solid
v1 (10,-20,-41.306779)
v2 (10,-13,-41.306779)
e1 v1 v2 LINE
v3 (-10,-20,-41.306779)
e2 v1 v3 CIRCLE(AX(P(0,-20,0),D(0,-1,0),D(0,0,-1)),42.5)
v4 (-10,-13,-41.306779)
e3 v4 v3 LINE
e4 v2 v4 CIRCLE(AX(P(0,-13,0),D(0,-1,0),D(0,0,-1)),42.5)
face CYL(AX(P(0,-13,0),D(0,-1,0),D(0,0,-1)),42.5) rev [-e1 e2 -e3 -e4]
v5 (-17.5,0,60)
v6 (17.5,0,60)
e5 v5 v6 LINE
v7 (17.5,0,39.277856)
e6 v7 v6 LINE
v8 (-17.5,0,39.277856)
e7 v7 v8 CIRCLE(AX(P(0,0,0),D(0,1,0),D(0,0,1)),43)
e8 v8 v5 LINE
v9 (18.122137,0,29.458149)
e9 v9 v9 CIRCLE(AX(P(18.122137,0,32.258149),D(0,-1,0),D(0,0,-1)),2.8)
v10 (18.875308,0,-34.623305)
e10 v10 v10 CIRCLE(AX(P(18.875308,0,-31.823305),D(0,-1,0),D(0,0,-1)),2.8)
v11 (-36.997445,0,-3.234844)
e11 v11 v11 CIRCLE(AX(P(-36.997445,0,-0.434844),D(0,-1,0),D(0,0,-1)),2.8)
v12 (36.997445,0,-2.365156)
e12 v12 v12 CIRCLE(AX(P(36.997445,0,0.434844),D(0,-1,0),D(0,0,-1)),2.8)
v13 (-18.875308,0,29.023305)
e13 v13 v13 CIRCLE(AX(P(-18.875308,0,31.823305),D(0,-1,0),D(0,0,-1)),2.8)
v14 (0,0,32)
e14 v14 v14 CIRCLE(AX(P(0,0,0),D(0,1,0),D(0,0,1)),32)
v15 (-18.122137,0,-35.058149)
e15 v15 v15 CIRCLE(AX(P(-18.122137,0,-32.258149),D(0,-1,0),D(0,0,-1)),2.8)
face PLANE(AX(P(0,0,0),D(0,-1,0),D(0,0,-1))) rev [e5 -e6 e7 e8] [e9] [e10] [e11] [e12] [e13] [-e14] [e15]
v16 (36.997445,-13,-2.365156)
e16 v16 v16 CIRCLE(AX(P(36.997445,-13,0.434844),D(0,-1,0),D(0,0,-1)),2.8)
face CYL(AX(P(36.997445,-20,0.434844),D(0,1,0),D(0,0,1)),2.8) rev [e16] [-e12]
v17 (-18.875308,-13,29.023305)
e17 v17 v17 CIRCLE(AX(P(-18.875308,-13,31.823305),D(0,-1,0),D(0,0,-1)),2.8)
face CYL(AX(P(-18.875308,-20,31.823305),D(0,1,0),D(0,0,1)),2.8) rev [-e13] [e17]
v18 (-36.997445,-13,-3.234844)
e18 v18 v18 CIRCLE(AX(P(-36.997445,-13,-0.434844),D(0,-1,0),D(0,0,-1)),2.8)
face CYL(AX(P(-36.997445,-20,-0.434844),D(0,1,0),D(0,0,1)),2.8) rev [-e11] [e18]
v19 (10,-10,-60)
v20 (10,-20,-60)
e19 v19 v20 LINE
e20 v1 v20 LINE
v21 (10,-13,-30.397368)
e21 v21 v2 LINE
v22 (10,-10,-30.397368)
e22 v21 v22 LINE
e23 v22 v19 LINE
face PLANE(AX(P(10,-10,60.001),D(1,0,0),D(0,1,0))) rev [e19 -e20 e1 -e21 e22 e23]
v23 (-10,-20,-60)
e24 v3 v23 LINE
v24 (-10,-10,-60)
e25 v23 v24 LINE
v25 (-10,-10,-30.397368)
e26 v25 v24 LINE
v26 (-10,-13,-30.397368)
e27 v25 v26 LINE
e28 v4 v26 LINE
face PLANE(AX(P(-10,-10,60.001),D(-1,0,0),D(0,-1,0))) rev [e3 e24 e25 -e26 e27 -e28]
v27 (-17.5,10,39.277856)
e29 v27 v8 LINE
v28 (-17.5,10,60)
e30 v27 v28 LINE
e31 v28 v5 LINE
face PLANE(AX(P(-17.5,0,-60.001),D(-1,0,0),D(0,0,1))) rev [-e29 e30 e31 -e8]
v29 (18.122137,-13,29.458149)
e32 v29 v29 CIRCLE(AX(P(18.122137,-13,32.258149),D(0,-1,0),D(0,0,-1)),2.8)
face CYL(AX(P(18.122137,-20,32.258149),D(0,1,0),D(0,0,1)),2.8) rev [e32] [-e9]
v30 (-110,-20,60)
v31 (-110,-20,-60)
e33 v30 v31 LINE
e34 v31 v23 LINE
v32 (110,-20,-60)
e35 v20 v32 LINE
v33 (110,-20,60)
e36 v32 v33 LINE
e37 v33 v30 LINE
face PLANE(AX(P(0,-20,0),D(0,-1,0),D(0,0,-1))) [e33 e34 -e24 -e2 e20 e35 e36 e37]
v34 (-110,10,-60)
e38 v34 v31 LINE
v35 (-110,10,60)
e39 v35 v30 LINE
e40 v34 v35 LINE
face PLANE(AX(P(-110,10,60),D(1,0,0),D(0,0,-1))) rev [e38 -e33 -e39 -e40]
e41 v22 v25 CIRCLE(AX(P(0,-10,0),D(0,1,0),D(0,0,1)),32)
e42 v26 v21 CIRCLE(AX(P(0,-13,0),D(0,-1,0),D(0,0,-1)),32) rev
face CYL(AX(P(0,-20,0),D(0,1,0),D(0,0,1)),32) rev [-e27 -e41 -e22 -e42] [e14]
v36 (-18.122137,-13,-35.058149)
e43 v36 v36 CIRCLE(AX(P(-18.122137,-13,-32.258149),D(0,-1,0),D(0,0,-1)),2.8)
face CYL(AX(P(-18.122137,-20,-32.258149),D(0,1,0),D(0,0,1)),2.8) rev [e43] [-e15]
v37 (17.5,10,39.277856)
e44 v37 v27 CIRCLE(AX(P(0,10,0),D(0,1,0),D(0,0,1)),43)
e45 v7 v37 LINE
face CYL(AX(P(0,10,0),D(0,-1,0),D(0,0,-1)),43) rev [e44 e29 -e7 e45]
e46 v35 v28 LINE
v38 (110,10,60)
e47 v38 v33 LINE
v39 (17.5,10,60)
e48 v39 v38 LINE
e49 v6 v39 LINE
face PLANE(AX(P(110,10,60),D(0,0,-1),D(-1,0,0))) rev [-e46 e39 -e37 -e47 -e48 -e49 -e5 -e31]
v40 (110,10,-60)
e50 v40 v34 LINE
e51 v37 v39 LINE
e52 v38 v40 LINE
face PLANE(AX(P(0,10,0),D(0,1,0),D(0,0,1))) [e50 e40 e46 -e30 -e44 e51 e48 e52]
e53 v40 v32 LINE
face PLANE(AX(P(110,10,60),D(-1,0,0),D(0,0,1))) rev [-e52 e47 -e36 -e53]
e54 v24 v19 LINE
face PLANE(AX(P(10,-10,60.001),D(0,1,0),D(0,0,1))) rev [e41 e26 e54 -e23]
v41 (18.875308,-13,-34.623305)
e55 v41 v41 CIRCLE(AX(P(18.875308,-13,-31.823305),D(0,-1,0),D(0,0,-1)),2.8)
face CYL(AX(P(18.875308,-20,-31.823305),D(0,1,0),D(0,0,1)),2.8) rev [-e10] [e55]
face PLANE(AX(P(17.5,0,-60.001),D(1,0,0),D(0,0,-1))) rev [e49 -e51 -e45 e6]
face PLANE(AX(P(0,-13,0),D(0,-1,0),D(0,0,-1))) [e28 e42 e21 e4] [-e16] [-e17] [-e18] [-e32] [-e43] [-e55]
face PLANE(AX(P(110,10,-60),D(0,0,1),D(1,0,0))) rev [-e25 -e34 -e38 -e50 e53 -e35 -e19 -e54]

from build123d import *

# Parameters (mm, degrees)
SKETCH1_W               = 220
SKETCH1_H               = 120
SKETCH1_R               = 43
BOSS_EXTRUDE1_DEPTH     = 10
SKETCH2_W               = 220
SKETCH2_H               = 120
SKETCH2_R               = 2.8
BOSS_EXTRUDE2_DEPTH     = 20
CUT_EXTRUDE1_REACH      = 166.012
CUT_EXTRUDE1_END_RADIUS = 43
SKETCH3_W               = 35
SKETCH3_H               = 10
SKETCH4_R               = 32
CUT_EXTRUDE2_DEPTH      = 127.885775404
CUT_EXTRUDE3_REACH      = 166.012
CUT_EXTRUDE3_END_RADIUS = 32
SKETCH5_W               = 20
SKETCH5_H               = 10
SKETCH6_R               = 42.5
CUT_EXTRUDE4_DEPTH      = 7


with BuildPart() as part:
    # Sketch1 → Boss-Extrude1 (new body)
    with BuildSketch(Plane(origin=(0, 0, 0), x_dir=(1, 0, 0), z_dir=(0, 1, 0))):
        Rectangle(SKETCH1_W, SKETCH1_H)
        with Locations(Location((0, 0, 0), (0, 0, 270))):
            Circle(SKETCH1_R, mode=Mode.SUBTRACT)
    extrude(amount=BOSS_EXTRUDE1_DEPTH)

    # Sketch2 → Boss-Extrude2 (add)
    with BuildSketch(Plane.XZ):
        Rectangle(SKETCH2_W, SKETCH2_H)
        with Locations(Location((18.122136771, 32.25814872, 0), (0, 0, 270))):
            Circle(SKETCH2_R, mode=Mode.SUBTRACT)
        with Locations(Location((36.997444656, 0.434843546, 0), (0, 0, 270))):
            Circle(SKETCH2_R, mode=Mode.SUBTRACT)
        with Locations(Location((18.875307886, -31.823305174, 0), (0, 0, 270))):
            Circle(SKETCH2_R, mode=Mode.SUBTRACT)
        with Locations(Location((-18.122136771, -32.25814872, 0), (0, 0, 270))):
            Circle(SKETCH2_R, mode=Mode.SUBTRACT)
        with Locations(Location((-36.997444656, -0.434843546, 0), (0, 0, 270))):
            Circle(SKETCH2_R, mode=Mode.SUBTRACT)
        with Locations(Location((-18.875307886, 31.823305174, 0), (0, 0, 270))):
            Circle(SKETCH2_R, mode=Mode.SUBTRACT)
    extrude(amount=BOSS_EXTRUDE2_DEPTH)

    # Cut-Extrude1: up to this cylinder (the profile starts outside it)
    cut_extrude1_end = Plane(origin=(0, 5, 0), z_dir=(0, -1, 0)) * Cylinder(CUT_EXTRUDE1_END_RADIUS, 419.024, mode=Mode.PRIVATE)
    # Sketch3 → Cut-Extrude1 (cut, up to the surface)
    with BuildSketch(Plane.XY.offset(60), mode=Mode.PRIVATE) as cut_extrude1_sk1:
        with Locations((0, 5)):
            Rectangle(SKETCH3_W, SKETCH3_H)
    cut_extrude1_tool1 = extrude(cut_extrude1_sk1.sketch, amount=-CUT_EXTRUDE1_REACH, mode=Mode.PRIVATE) - cut_extrude1_end
    add(cut_extrude1_tool1.solids().sort_by_distance((0, 5, 60))[0], mode=Mode.SUBTRACT)

    # Sketch4 → Cut-Extrude2 (cut, through all)
    with BuildSketch(Plane(origin=(0, 0, 0), x_dir=(1, 0, 0), z_dir=(0, 1, 0))):
        with Locations(Location((0, 0, 0), (0, 0, 270))):
            Circle(SKETCH4_R)
    extrude(amount=-CUT_EXTRUDE2_DEPTH, mode=Mode.SUBTRACT)

    # Cut-Extrude3: up to this cylinder (the profile starts outside it)
    cut_extrude3_end = Plane(origin=(0, -15, 0), z_dir=(0, 1, 0)) * Cylinder(CUT_EXTRUDE3_END_RADIUS, 397.024, mode=Mode.PRIVATE)
    # Sketch5 → Cut-Extrude3 (cut, up to the surface)
    with BuildSketch(Plane(origin=(0, 0, -60), x_dir=(-1, 0, 0), z_dir=(0, 0, -1)), mode=Mode.PRIVATE) as cut_extrude3_sk1:
        with Locations((0, -15)):
            Rectangle(SKETCH5_W, SKETCH5_H)
    cut_extrude3_tool1 = extrude(cut_extrude3_sk1.sketch, amount=-CUT_EXTRUDE3_REACH, mode=Mode.PRIVATE) - cut_extrude3_end
    add(cut_extrude3_tool1.solids().sort_by_distance((0, -15, -60))[0], mode=Mode.SUBTRACT)

    # Sketch6 → Cut-Extrude4 (cut)
    with BuildSketch(Plane.XZ.offset(20)):
        Circle(SKETCH6_R)
    extrude(amount=-CUT_EXTRUDE4_DEPTH, mode=Mode.SUBTRACT)


solid = part.part
